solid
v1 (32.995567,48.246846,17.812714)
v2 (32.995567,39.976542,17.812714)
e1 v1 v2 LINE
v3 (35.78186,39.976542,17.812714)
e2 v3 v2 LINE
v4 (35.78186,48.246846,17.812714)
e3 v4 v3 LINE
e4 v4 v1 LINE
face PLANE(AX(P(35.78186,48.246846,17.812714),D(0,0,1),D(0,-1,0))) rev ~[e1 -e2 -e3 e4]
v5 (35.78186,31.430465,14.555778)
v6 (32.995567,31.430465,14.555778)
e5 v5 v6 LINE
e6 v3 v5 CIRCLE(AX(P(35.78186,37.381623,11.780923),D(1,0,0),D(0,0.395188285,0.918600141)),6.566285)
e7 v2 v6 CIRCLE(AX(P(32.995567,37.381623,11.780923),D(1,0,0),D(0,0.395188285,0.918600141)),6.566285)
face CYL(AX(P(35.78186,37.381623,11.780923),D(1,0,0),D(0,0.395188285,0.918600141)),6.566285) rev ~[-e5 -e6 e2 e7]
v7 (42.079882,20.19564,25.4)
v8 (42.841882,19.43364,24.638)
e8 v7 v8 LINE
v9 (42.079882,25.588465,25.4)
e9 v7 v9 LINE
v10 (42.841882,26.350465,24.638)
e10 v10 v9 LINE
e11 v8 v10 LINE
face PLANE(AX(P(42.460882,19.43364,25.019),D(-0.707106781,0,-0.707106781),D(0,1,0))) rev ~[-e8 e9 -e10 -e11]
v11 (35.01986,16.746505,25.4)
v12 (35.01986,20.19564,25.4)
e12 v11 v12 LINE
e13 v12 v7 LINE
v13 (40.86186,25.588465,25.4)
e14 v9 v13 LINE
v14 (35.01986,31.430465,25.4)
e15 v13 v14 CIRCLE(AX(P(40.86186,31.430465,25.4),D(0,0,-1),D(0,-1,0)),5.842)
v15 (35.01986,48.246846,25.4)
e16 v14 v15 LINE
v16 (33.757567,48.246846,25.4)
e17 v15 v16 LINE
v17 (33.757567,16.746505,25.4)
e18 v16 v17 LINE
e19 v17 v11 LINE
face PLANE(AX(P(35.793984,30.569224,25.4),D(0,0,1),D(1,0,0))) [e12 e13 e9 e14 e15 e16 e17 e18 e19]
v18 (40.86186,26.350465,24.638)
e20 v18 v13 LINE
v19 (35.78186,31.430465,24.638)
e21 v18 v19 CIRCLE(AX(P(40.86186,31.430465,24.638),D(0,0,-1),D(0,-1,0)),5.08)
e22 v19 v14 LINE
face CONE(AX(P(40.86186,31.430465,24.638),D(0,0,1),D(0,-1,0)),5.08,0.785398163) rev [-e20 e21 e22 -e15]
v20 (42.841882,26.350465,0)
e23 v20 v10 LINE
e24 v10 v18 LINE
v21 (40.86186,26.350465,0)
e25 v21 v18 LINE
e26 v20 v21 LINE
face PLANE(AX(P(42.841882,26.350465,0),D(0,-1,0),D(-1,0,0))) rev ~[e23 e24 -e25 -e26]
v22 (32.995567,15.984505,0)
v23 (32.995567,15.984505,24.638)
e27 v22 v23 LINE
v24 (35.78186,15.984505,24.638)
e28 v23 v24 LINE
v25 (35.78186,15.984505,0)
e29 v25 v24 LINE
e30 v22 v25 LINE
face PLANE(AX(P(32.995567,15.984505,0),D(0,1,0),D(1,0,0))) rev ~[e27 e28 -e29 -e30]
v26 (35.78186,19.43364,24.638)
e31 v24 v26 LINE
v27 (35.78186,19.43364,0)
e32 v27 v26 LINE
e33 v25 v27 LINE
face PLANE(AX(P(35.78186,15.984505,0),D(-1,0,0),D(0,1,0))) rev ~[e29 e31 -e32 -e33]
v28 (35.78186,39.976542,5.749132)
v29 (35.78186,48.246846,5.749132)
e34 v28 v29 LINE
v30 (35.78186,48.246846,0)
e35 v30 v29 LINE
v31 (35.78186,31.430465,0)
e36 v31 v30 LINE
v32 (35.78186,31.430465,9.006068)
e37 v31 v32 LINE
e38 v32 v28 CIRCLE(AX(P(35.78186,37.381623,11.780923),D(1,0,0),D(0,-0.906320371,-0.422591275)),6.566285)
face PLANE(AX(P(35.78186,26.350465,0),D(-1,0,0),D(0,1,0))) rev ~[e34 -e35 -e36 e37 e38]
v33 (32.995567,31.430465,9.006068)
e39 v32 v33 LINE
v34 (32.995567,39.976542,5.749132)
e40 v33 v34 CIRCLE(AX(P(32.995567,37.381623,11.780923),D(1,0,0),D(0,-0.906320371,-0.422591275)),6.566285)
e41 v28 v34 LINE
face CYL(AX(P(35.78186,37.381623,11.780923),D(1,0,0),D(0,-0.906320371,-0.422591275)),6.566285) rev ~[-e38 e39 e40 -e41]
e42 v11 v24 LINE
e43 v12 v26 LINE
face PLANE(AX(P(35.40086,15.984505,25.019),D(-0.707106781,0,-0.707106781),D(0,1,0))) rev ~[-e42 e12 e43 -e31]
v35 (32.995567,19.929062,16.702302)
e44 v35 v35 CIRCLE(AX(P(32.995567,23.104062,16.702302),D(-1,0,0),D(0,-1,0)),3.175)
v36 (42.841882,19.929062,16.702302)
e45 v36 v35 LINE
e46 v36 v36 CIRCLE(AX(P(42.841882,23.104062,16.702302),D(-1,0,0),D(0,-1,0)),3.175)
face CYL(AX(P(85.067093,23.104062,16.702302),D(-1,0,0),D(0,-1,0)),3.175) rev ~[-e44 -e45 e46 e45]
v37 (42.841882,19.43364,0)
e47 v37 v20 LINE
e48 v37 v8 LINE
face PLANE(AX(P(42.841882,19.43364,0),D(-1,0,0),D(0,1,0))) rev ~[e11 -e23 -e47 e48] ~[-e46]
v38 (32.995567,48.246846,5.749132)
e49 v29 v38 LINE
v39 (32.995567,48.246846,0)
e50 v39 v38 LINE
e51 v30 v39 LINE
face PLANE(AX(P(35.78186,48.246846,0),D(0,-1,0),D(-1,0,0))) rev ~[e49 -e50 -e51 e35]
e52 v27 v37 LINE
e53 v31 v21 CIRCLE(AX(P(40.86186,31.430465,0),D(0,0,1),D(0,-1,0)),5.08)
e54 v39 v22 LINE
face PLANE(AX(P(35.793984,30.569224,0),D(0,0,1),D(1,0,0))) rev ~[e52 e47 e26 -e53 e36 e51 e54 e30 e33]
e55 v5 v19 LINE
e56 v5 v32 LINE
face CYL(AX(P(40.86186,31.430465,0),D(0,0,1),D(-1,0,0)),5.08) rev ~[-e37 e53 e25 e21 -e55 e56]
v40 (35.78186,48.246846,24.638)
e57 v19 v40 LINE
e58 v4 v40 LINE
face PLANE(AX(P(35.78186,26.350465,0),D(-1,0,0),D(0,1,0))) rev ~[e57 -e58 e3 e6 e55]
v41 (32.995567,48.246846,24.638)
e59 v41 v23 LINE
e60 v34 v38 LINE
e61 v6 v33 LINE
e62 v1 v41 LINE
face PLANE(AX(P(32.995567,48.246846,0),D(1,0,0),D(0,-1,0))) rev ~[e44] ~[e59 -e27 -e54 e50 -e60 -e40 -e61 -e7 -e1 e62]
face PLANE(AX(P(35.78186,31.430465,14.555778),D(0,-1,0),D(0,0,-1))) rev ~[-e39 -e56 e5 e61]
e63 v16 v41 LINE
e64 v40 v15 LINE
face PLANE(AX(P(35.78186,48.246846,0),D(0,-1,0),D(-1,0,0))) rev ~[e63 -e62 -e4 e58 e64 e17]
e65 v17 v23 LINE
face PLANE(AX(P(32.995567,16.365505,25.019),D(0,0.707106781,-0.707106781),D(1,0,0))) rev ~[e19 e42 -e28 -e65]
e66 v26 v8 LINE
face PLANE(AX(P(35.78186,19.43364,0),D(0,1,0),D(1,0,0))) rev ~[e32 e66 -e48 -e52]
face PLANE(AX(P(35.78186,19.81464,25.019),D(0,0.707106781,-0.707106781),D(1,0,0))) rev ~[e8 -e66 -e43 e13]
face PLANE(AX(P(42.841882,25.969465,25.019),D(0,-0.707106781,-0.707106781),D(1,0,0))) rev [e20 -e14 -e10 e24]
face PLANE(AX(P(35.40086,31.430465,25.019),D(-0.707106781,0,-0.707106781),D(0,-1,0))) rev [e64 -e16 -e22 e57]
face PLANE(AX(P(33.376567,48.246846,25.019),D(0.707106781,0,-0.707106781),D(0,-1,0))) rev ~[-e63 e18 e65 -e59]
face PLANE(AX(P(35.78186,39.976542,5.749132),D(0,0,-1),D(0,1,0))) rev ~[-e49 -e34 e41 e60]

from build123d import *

# Parameters (mm, degrees)
F1_DEPTH = 25.4
F2_R     = 5.08
F3_SIZE  = 0.762
F5_DEPTH = 25.4
F7_D     = 6.35


with BuildPart() as f1:
    # F0 (on Top) → F1 (new body)
    with BuildSketch(Plane.XY):
        Polygon((35.7818603516, 26.3504646719), (35.7818603516, 48.246845603), (32.9955667257, 48.246845603), (32.9955667257, 15.984505415), (35.7818603516, 15.984505415), (35.7818603516, 19.4336399436), (42.8418815136, 19.4336399436), (42.8418815136, 26.3504646719), align=None)
    extrude(amount=F1_DEPTH)

    # F2
    f2_edges = [f1.edges().sort_by_distance(p)[0] for p in [
        (35.78186, 26.350465, 12.7),
    ]]
    fillet(f2_edges, radius=F2_R)

    # F3
    f3_edges = [f1.edges().sort_by_distance(p)[0] for p in [
        (35.78186, 39.838655, 25.4),
        (42.841882, 22.892052, 25.4),
        (39.311871, 19.43364, 25.4),
        (35.78186, 17.709073, 25.4),
        (34.388714, 15.984505, 25.4),
        (32.995567, 32.115676, 25.4),
        (37.269758, 27.838362, 25.4),
        (41.851871, 26.350465, 25.4),
    ]]
    chamfer(f3_edges, length=F3_SIZE)

    # F4 (on face) → F5 (cut)
    with BuildSketch(Plane.YZ.offset(35.7818603516)):
        with BuildLine():
            Line((48.246845603, 5.7491324842), (48.246845603, 17.8127139807))
            Line((48.246845603, 17.8127139807), (39.9765420257, 17.8127139807))
            ThreePointArc((39.9765420257, 17.8127139807), (35.0432489169, 17.9167289348), (31.4304646719, 14.5557781754))
            Line((31.4304646719, 14.5557781754), (31.4304646719, 9.0060682895))
            ThreePointArc((31.4304646719, 9.0060682895), (35.0432489169, 5.6451175301), (39.9765420257, 5.7491324842))
            Line((39.9765420257, 5.7491324842), (48.246845603, 5.7491324842))
        make_face()
    extrude(amount=-F5_DEPTH, mode=Mode.SUBTRACT)

    # F7 (through all)
    with Locations(Plane.YZ.offset(42.8418815136)):
        with Locations((23.1040623039, 16.7023018003)):
            Hole(F7_D / 2)


solid = f1.part
